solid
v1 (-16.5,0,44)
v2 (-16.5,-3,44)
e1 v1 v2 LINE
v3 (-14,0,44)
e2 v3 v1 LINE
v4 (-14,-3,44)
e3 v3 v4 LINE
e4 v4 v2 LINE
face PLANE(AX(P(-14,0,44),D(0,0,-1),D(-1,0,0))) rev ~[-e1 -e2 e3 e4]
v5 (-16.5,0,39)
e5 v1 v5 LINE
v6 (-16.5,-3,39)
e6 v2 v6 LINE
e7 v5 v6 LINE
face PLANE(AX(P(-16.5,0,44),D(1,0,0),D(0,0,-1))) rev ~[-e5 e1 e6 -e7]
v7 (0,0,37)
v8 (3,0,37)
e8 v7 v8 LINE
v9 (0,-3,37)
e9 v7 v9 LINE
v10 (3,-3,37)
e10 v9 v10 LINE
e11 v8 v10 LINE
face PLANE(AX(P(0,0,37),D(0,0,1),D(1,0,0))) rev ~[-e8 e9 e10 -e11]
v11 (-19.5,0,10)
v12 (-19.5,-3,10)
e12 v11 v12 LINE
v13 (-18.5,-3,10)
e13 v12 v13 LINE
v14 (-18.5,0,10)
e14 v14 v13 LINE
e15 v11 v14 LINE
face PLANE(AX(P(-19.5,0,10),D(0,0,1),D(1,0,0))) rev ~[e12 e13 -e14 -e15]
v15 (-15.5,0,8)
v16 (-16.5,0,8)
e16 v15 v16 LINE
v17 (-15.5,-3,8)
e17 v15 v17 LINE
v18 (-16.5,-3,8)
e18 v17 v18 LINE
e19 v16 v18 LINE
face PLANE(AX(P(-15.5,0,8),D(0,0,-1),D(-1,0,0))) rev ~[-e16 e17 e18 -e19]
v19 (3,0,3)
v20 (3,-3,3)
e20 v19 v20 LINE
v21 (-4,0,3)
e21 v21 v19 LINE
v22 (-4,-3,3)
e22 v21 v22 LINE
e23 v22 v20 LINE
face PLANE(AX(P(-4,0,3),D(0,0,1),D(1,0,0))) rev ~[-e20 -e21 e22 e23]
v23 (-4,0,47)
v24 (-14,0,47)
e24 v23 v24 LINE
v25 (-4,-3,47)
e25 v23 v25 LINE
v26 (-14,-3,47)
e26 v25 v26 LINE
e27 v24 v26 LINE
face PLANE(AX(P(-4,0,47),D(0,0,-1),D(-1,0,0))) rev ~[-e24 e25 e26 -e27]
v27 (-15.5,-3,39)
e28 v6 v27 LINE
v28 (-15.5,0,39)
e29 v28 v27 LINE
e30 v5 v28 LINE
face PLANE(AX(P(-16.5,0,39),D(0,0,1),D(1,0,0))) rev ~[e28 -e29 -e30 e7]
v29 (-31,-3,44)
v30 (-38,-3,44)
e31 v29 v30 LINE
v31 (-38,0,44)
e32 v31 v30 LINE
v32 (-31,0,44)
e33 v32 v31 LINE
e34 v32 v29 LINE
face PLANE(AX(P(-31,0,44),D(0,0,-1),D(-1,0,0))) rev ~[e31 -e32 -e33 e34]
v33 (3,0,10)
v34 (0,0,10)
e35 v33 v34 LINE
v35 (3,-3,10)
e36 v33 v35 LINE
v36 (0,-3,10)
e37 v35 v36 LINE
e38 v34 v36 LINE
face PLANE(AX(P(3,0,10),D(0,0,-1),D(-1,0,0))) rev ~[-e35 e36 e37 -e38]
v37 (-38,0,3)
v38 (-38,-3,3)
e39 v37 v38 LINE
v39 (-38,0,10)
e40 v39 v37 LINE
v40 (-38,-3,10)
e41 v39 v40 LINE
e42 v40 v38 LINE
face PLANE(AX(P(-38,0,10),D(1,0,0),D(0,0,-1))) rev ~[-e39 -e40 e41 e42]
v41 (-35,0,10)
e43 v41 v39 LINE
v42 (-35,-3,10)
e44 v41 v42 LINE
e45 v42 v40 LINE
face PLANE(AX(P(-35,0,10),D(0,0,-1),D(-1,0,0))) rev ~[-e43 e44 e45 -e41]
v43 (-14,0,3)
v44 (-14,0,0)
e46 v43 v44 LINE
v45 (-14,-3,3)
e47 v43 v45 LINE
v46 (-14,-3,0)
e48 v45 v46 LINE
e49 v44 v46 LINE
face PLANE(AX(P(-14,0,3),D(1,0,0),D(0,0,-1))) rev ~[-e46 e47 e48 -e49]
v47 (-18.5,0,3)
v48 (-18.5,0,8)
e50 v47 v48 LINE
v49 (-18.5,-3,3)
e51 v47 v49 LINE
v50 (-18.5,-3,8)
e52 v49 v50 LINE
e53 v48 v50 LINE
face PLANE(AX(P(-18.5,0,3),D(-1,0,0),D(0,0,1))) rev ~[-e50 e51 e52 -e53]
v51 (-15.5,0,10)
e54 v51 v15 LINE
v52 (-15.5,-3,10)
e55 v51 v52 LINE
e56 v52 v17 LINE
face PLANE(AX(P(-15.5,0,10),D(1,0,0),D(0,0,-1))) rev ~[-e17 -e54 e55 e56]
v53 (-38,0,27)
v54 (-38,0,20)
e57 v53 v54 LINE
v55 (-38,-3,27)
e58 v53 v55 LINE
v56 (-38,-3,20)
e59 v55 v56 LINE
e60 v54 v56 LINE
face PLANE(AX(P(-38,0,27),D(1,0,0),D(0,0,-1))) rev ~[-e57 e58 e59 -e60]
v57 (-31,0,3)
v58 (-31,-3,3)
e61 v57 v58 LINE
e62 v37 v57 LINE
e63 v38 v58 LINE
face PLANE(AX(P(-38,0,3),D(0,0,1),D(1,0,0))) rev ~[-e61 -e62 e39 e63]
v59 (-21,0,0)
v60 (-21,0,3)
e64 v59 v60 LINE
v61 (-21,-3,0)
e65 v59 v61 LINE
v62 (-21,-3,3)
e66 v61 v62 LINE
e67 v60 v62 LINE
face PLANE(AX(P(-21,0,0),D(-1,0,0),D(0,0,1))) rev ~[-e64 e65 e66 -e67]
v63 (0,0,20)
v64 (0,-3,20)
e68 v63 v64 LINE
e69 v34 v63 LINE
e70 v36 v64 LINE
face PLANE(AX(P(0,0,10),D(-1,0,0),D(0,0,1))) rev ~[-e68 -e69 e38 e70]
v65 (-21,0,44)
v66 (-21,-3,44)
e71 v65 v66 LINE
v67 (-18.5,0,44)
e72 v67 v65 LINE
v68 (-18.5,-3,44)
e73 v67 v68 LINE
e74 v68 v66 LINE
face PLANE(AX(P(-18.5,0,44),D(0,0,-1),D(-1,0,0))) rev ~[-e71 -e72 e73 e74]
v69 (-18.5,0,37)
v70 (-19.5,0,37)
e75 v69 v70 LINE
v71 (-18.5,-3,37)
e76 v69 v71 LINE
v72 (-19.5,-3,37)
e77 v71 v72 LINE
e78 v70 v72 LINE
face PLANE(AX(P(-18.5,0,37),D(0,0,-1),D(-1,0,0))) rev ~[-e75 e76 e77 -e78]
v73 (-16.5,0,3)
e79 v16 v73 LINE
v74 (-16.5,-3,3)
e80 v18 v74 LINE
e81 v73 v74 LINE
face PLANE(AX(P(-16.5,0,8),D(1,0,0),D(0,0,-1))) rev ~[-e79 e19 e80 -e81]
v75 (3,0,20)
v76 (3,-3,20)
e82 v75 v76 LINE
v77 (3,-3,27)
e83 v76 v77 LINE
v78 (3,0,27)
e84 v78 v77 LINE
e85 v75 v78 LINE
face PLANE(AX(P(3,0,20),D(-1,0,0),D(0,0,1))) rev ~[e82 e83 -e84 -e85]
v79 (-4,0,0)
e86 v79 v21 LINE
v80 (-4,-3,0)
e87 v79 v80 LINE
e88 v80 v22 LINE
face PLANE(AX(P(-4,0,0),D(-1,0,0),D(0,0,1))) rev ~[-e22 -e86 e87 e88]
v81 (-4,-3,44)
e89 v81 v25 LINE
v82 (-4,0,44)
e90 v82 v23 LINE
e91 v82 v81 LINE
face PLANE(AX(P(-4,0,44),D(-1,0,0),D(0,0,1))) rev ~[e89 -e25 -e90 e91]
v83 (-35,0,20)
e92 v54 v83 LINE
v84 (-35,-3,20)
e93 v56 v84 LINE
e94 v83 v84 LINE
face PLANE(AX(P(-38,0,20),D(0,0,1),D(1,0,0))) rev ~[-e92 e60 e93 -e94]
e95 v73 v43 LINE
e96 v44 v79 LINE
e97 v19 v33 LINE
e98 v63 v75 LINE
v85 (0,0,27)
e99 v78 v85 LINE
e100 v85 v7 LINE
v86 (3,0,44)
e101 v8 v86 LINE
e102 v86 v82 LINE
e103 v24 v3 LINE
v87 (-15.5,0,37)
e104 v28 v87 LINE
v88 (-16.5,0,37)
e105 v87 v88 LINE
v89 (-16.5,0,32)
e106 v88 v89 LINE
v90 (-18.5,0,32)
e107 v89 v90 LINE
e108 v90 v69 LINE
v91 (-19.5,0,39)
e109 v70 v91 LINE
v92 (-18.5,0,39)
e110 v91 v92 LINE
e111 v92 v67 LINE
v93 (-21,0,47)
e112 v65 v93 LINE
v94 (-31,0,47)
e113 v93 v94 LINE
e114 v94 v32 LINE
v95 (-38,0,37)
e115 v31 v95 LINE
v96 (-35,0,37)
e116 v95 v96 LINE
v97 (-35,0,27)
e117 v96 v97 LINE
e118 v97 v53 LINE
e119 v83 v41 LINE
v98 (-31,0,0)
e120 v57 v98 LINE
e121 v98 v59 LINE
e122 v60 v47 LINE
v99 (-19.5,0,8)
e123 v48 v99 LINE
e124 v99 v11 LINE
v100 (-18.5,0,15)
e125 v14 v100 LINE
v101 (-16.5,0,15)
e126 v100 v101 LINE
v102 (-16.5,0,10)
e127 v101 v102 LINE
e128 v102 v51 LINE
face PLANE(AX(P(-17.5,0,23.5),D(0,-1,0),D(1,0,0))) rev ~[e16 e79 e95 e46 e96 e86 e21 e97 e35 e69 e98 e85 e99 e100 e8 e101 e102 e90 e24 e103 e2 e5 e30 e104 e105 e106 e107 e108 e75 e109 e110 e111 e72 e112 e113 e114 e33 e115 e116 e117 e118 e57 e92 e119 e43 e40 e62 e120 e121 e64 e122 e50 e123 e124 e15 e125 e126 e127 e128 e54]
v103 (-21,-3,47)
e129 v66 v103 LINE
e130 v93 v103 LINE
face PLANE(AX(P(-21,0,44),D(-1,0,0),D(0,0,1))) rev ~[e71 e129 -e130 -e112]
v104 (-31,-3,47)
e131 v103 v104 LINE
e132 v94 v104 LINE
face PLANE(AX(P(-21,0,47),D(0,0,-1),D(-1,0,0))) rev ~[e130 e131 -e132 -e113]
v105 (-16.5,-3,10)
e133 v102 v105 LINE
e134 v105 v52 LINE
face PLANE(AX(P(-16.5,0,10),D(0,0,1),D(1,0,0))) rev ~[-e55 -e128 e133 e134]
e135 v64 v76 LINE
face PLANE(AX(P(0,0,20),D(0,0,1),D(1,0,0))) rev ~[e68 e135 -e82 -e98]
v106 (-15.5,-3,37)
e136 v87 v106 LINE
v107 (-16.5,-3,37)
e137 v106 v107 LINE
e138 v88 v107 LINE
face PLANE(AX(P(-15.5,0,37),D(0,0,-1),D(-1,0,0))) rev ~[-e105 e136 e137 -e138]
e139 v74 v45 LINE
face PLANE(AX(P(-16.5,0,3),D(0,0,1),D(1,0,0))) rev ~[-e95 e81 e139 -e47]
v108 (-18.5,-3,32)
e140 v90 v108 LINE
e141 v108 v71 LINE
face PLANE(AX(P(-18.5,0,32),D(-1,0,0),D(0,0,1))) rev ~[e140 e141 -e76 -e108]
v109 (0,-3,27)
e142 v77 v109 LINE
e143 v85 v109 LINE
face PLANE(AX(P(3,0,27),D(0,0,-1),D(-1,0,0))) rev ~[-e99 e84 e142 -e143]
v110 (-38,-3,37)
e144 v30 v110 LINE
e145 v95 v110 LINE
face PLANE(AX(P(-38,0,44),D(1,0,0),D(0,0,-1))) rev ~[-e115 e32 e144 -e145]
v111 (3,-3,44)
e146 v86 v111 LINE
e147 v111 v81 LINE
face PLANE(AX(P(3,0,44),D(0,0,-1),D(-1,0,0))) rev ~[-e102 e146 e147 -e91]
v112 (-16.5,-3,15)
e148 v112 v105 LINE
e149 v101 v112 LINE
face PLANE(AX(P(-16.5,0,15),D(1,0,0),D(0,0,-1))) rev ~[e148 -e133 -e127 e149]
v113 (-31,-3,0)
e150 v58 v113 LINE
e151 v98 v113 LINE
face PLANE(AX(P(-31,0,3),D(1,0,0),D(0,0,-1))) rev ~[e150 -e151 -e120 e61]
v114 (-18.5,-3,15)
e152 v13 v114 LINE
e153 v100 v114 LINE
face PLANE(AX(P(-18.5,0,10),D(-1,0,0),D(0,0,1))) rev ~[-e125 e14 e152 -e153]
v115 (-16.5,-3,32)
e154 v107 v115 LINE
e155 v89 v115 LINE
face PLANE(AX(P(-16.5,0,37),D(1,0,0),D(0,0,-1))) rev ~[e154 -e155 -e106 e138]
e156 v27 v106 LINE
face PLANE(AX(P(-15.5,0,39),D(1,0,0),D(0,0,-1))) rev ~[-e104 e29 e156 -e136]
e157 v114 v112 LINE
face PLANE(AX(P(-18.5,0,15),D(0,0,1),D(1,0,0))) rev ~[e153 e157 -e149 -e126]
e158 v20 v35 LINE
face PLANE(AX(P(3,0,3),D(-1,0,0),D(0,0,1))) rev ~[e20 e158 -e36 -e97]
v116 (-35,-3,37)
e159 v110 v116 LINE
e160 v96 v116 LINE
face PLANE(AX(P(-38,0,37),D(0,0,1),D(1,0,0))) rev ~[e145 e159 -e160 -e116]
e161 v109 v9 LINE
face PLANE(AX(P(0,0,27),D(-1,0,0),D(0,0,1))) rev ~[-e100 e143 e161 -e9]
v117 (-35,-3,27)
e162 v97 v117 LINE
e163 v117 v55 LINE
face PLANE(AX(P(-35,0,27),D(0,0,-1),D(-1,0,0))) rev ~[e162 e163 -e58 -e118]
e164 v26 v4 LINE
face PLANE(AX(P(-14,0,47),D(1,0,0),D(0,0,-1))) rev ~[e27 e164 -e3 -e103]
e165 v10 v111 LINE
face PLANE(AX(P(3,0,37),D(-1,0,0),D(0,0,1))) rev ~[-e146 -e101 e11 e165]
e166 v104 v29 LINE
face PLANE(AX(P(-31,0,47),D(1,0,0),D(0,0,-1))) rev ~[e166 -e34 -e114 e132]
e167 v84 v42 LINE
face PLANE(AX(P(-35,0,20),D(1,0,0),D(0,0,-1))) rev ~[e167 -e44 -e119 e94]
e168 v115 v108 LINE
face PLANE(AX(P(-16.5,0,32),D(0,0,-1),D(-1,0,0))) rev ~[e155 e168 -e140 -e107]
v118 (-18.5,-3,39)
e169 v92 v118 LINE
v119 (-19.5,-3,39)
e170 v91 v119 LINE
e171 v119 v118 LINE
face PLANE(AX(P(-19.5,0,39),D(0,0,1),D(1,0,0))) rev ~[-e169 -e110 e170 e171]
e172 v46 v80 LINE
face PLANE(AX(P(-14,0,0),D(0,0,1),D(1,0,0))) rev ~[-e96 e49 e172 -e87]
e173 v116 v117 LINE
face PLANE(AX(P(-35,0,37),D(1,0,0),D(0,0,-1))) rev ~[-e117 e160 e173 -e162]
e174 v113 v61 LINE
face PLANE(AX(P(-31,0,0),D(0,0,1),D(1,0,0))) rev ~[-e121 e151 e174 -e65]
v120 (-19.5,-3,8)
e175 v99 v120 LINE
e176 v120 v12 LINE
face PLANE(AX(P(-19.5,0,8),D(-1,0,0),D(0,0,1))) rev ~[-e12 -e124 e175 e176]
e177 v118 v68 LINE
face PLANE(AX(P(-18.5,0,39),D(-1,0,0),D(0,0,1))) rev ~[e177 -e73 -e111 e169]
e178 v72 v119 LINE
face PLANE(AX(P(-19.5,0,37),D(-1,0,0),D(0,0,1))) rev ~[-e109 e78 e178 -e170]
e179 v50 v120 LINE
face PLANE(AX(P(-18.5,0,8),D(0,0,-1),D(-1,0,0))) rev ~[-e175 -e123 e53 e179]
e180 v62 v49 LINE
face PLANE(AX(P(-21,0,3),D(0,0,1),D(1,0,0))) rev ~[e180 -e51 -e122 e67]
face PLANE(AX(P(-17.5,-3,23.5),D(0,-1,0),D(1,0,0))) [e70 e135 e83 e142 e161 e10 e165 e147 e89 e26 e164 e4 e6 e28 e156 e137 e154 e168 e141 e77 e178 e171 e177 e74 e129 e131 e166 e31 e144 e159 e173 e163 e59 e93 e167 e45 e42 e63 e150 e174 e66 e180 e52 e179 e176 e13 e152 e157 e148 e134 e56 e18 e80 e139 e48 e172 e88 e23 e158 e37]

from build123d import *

# Parameters (mm, degrees)
F1_DEPTH = 3


with BuildPart() as f1:
    # F0 (on Front) → F1 (new body)
    with BuildSketch(Plane.XZ):
        Polygon((-4, 3), (0, 3), (3, 3), (3, 10), (0, 10), (0, 20), (3, 20), (3, 27), (0, 27), (0, 37), (3, 37), (3, 44), (-4, 44), (-4, 47), (-14, 47), (-14, 44), (-16.5, 44), (-16.5, 39), (-15.5, 39), (-15.5, 37), (-16.5, 37), (-16.5, 32), (-18.5, 32), (-18.5, 37), (-19.5, 37), (-19.5, 39), (-18.5, 39), (-18.5, 44), (-21, 44), (-21, 47), (-31, 47), (-31, 44), (-38, 44), (-38, 37), (-35, 37), (-35, 27), (-38, 27), (-38, 20), (-35, 20), (-35, 10), (-38, 10), (-38, 3), (-35, 3), (-31, 3), (-31, 0), (-21, 0), (-21, 3), (-18.5, 3), (-18.5, 8), (-19.5, 8), (-19.5, 10), (-18.5, 10), (-18.5, 15), (-16.5, 15), (-16.5, 10), (-15.5, 10), (-15.5, 8), (-16.5, 8), (-16.5, 3), (-14, 3), (-14, 0), (-4, 0), align=None)
    extrude(amount=F1_DEPTH)


solid = f1.part
